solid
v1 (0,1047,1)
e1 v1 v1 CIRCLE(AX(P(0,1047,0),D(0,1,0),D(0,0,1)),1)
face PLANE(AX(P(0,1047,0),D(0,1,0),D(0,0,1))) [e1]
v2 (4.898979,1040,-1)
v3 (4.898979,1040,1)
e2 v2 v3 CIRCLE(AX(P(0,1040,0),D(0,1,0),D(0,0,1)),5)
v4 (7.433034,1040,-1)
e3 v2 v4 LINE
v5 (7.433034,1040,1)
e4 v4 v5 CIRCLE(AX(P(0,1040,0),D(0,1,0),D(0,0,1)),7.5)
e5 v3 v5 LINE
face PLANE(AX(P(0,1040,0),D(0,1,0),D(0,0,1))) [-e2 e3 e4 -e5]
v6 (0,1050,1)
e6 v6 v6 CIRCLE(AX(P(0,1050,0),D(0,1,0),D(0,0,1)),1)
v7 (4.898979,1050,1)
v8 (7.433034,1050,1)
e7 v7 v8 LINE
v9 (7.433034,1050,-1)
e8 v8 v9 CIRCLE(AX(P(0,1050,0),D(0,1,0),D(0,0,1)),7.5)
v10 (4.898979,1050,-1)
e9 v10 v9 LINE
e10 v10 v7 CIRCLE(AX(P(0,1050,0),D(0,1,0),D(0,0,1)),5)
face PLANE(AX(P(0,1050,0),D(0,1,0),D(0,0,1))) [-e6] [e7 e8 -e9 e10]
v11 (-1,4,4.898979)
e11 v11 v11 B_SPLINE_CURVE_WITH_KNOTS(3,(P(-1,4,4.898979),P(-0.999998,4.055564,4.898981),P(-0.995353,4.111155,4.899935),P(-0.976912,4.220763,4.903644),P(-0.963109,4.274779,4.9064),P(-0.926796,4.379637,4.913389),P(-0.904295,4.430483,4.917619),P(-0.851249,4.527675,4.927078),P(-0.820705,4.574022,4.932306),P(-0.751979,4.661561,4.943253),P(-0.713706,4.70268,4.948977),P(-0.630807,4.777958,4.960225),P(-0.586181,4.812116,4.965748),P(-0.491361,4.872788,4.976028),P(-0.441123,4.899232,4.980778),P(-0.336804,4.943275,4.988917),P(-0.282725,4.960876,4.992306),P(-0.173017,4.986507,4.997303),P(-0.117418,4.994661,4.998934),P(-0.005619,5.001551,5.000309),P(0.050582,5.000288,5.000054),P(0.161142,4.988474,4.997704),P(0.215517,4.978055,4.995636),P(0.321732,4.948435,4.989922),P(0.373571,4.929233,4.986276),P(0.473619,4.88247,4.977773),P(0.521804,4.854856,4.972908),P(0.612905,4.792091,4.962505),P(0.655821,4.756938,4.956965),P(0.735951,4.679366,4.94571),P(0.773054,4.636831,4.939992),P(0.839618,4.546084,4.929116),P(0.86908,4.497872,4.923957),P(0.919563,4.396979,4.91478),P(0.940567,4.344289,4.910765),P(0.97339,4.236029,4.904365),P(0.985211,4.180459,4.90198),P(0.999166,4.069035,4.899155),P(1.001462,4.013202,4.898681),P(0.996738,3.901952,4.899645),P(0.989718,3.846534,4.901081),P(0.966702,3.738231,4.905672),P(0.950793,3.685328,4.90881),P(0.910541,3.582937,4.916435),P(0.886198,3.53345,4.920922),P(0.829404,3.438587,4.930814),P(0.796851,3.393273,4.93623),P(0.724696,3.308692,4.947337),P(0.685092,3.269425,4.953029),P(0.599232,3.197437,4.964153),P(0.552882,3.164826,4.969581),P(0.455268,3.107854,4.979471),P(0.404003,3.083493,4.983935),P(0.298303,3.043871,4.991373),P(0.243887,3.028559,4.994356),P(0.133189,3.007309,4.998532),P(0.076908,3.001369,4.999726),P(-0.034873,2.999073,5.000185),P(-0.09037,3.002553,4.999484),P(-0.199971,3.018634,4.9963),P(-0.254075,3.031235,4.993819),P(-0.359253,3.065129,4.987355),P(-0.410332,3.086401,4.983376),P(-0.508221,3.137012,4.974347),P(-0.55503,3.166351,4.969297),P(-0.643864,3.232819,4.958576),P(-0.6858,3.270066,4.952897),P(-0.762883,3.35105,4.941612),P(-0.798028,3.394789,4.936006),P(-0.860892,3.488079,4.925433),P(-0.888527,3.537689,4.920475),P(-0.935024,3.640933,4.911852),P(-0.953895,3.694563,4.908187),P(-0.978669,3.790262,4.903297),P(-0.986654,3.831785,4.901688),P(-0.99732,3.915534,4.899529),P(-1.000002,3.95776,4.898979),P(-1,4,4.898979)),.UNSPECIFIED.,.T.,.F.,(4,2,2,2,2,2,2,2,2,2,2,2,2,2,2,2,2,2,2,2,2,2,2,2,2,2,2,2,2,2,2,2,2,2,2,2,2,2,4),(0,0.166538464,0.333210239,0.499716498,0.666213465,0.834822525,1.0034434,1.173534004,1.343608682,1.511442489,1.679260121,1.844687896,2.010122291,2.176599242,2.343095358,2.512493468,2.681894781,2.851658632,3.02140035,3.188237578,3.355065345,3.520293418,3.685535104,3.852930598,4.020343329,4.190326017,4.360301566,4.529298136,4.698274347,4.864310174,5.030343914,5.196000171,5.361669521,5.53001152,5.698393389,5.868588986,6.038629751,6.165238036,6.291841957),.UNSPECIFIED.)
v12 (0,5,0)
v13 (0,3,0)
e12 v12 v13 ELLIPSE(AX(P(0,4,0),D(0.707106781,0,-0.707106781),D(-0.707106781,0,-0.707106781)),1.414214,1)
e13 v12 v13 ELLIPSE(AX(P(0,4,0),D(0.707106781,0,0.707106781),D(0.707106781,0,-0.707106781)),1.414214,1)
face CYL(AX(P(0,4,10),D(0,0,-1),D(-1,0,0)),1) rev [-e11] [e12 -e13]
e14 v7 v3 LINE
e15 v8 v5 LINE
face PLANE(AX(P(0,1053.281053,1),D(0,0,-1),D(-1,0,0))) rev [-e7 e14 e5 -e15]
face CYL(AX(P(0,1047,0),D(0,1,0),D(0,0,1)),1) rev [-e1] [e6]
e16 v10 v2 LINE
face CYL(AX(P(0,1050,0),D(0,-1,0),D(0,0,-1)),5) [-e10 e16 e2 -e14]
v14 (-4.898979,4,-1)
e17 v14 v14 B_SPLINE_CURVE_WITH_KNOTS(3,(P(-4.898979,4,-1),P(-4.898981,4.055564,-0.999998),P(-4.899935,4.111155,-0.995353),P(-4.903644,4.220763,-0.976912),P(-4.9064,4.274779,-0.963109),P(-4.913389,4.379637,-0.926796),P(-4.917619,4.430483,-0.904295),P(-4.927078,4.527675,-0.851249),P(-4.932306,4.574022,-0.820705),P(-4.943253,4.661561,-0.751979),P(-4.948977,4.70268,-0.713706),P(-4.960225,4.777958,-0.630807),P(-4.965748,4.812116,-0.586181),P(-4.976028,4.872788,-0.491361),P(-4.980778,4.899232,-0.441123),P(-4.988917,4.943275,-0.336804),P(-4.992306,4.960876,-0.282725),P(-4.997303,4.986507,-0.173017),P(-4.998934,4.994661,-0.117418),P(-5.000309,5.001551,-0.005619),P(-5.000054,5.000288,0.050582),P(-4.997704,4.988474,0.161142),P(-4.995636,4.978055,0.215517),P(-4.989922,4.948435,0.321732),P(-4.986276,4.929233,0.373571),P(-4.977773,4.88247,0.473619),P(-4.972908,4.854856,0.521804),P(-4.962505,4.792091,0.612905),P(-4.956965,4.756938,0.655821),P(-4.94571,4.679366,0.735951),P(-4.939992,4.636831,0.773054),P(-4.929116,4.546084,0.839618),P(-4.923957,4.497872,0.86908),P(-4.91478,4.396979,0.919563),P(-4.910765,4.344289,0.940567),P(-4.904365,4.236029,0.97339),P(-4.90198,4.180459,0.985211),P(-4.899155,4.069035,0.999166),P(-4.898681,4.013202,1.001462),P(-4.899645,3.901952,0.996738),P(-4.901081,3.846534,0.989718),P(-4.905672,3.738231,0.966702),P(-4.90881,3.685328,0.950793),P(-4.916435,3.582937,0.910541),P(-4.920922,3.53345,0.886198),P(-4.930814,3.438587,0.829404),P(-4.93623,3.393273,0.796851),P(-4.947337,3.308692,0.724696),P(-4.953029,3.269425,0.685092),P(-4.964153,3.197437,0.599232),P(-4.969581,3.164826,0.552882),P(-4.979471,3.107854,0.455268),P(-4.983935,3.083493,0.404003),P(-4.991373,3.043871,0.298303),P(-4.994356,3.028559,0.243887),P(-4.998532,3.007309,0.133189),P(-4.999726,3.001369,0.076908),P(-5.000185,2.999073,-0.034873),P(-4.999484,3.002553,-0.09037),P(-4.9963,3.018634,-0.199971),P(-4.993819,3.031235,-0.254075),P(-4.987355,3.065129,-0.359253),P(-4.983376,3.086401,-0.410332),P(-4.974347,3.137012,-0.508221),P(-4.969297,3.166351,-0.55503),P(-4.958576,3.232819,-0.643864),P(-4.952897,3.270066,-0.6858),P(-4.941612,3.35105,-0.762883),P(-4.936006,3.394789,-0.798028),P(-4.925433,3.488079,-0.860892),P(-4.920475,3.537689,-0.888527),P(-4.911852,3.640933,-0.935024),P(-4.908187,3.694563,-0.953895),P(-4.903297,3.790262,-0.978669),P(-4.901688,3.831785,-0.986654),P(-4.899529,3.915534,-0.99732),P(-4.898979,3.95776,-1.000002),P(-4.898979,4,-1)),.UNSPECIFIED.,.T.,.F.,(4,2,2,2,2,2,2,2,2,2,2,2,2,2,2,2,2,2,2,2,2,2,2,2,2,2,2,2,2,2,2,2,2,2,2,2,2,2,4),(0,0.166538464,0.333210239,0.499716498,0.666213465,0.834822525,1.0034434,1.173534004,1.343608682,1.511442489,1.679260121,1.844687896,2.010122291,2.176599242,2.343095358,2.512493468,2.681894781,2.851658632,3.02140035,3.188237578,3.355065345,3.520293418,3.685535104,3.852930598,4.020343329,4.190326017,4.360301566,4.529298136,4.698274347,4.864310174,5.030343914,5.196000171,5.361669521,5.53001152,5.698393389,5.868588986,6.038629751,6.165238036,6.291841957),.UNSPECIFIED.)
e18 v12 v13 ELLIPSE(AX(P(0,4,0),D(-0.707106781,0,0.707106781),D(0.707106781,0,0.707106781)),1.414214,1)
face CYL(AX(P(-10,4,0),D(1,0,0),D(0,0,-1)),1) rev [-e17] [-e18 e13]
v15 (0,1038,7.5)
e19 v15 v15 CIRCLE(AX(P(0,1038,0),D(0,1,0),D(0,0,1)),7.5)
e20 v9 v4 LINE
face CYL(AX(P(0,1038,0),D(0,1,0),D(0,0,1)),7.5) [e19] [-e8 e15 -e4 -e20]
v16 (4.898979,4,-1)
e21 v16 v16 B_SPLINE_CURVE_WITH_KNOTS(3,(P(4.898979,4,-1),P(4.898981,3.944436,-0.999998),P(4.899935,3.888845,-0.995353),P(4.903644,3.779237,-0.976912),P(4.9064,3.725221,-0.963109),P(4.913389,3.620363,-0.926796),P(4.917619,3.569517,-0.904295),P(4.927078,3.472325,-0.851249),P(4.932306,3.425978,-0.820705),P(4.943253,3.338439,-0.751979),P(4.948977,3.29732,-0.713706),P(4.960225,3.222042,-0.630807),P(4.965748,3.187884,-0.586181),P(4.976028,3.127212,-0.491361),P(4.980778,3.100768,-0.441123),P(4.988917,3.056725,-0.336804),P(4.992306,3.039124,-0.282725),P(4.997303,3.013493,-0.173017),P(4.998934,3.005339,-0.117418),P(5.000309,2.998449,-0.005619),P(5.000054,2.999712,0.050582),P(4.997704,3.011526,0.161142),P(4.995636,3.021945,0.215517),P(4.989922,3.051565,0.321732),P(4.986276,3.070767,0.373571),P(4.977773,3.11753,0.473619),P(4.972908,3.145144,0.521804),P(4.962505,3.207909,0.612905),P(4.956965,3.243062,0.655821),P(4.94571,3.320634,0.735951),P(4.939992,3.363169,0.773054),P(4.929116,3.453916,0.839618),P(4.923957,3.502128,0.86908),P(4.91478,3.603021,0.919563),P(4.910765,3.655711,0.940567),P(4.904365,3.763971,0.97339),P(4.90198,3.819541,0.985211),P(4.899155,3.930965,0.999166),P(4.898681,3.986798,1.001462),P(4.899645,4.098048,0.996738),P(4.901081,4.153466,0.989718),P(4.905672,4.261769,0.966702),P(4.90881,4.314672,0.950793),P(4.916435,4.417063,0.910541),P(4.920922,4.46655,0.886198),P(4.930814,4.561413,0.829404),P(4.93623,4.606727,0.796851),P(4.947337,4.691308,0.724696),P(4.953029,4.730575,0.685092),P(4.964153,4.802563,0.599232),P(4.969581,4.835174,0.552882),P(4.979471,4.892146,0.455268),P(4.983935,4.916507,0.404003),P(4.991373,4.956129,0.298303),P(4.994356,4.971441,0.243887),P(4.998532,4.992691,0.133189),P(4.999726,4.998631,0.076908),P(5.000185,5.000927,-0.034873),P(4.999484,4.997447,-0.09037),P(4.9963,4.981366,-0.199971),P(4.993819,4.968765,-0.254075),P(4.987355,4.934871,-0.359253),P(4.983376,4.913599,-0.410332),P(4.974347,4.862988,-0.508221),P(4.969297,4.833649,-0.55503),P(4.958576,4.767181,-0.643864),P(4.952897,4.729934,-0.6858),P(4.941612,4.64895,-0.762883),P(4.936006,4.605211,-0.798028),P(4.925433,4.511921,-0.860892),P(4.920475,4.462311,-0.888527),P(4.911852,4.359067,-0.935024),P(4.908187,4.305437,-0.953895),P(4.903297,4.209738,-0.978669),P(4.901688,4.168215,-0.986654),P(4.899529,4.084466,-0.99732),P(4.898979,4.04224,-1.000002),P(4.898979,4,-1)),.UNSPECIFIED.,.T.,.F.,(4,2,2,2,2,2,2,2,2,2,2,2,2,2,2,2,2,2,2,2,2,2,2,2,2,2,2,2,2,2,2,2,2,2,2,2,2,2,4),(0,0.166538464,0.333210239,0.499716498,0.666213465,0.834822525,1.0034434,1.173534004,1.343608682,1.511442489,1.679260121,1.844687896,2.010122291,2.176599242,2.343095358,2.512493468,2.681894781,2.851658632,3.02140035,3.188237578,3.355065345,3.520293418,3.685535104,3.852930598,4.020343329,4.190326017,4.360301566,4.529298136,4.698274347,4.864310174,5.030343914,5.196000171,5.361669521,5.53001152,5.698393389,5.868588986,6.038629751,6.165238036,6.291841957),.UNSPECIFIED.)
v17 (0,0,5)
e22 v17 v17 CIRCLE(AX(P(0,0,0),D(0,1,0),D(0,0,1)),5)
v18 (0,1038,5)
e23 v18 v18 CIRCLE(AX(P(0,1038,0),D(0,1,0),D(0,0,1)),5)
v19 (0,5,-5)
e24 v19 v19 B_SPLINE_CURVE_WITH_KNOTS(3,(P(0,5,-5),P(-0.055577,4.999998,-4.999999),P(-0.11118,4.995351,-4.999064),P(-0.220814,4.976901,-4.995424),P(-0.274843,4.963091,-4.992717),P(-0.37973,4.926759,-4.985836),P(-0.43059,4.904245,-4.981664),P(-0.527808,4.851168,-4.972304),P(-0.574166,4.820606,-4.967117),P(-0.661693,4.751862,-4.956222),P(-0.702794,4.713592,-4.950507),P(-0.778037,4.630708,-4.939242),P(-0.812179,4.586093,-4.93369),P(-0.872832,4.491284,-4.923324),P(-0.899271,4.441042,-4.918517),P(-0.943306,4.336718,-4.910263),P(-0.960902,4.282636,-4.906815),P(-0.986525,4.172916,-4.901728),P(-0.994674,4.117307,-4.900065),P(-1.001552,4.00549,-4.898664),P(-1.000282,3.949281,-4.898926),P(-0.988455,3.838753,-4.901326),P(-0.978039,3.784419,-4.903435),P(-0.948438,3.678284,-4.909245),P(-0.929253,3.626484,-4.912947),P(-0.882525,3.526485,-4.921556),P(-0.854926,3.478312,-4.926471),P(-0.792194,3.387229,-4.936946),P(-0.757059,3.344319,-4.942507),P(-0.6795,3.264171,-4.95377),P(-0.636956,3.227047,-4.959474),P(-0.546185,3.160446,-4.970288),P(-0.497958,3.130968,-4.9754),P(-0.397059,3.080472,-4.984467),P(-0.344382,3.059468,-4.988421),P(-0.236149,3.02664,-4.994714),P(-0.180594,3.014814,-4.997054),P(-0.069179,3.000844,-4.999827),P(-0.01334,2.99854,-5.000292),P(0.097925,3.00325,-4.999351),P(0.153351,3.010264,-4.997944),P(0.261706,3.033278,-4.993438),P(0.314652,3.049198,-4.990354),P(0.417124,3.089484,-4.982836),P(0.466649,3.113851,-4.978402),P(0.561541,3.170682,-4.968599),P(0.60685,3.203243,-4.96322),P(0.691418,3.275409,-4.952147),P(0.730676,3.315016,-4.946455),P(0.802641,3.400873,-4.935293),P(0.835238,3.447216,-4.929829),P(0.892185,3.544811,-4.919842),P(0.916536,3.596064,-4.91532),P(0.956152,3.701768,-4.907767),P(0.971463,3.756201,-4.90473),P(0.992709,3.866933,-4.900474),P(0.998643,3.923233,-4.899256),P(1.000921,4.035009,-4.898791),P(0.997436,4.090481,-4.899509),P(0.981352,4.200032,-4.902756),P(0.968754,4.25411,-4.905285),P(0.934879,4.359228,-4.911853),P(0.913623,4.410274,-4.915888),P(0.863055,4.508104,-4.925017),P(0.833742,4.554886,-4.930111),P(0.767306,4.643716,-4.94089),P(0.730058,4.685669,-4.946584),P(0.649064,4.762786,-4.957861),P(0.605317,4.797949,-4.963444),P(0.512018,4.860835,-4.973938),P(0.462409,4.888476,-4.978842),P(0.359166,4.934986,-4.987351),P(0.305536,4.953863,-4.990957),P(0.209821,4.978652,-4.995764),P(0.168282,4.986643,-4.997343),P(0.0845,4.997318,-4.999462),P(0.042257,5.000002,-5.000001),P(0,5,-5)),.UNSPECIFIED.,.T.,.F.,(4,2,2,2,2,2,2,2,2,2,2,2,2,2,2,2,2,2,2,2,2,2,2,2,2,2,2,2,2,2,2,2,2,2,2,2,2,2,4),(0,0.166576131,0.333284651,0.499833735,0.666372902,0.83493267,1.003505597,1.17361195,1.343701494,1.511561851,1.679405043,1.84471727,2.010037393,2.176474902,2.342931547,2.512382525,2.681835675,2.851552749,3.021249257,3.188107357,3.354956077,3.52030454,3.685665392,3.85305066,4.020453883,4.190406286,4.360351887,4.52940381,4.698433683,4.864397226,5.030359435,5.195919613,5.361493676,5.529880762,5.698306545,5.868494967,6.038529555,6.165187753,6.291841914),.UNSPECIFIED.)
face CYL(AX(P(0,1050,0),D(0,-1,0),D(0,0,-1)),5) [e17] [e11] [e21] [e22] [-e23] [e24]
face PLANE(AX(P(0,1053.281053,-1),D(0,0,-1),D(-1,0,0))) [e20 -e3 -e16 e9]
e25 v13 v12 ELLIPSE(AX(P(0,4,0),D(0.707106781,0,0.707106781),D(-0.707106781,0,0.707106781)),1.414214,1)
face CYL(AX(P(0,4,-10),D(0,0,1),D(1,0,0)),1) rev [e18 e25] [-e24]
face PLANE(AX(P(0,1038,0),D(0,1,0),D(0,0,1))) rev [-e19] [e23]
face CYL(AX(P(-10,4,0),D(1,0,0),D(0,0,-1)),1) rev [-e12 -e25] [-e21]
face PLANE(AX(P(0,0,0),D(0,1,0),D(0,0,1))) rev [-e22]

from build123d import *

# Parameters (mm, degrees)
SKETCH1_R           = 5
BOSS_EXTRUDE1_DEPTH = 1050
SKETCH2_R           = 7.5
BOSS_EXTRUDE2_DEPTH = 2
BOSS_EXTRUDE4_DEPTH = 10
SKETCH8_R           = 1
CUT_EXTRUDE1_DEPTH  = 3
SKETCH9_R           = 1
CUT_EXTRUDE2_DEPTH  = 10
CIRPATTERN1_COUNT   = 4


with BuildPart() as part:
    # Sketch1 → Boss-Extrude1 (new body)
    with BuildSketch(Plane(origin=(0, 0, 0), x_dir=(1, 0, 0), z_dir=(0, 1, 0))):
        with Locations(Location((0, 0, 0), (0, 0, 270))):
            Circle(SKETCH1_R)
    extrude(amount=BOSS_EXTRUDE1_DEPTH)

    # Sketch2 → Boss-Extrude2 (add)
    with BuildSketch(Plane(origin=(0, 1040, 0), x_dir=(1, 0, 0), z_dir=(0, 1, 0))):
        with Locations(Location((0, 0, 0), (0, 0, 270))):
            Circle(SKETCH2_R)
    extrude(amount=-BOSS_EXTRUDE2_DEPTH)

    # Sketch4 → Boss-Extrude4 (add)
    with BuildSketch(Plane(origin=(0, 1040, 0), x_dir=(1, 0, 0), z_dir=(0, 1, 0))):
        with BuildLine():
            ThreePointArc((4.898979486, 1), (4.974680765, 0.50254481), (5, 0))
            Line((5, 0), (7.5, 0))
            ThreePointArc((7.5, 0), (7.483239867, 0.501119845), (7.433034374, 1))
            Line((7.433034374, 1), (4.898979486, 1))
        make_face()
        with BuildLine():
            Line((7.5, 0), (5, 0))
            ThreePointArc((5, 0), (4.974680765, -0.50254481), (4.898979486, -1))
            Line((4.898979486, -1), (7.433034374, -1))
            ThreePointArc((7.433034374, -1), (7.483239867, -0.501119845), (7.5, 0))
        make_face()
    extrude(amount=BOSS_EXTRUDE4_DEPTH)

    # Sketch8 → Cut-Extrude1 (cut)
    with BuildSketch(Plane(origin=(0, 1050, 0), x_dir=(1, 0, 0), z_dir=(0, 1, 0))):
        with Locations(Location((0, 0, 0), (0, 0, 270))):
            Circle(SKETCH8_R)
    extrude(amount=-CUT_EXTRUDE1_DEPTH, mode=Mode.SUBTRACT)

    # Sketch9 → Cut-Extrude2 (cut)
    with BuildSketch(Plane.XY):
        with Locations((0, 4)):
            Circle(SKETCH9_R)
    cut_extrude2 = extrude(amount=-CUT_EXTRUDE2_DEPTH, mode=Mode.SUBTRACT)

    # CirPattern1: Cut-Extrude2 ×4 about axis
    cirpattern1_axis = Axis((0, 1050, 0), (0, -1, 0))
    for i in range(1, CIRPATTERN1_COUNT):
        add(cut_extrude2.rotate(cirpattern1_axis, i * 360 / CIRPATTERN1_COUNT), mode=Mode.SUBTRACT)


solid = part.part
